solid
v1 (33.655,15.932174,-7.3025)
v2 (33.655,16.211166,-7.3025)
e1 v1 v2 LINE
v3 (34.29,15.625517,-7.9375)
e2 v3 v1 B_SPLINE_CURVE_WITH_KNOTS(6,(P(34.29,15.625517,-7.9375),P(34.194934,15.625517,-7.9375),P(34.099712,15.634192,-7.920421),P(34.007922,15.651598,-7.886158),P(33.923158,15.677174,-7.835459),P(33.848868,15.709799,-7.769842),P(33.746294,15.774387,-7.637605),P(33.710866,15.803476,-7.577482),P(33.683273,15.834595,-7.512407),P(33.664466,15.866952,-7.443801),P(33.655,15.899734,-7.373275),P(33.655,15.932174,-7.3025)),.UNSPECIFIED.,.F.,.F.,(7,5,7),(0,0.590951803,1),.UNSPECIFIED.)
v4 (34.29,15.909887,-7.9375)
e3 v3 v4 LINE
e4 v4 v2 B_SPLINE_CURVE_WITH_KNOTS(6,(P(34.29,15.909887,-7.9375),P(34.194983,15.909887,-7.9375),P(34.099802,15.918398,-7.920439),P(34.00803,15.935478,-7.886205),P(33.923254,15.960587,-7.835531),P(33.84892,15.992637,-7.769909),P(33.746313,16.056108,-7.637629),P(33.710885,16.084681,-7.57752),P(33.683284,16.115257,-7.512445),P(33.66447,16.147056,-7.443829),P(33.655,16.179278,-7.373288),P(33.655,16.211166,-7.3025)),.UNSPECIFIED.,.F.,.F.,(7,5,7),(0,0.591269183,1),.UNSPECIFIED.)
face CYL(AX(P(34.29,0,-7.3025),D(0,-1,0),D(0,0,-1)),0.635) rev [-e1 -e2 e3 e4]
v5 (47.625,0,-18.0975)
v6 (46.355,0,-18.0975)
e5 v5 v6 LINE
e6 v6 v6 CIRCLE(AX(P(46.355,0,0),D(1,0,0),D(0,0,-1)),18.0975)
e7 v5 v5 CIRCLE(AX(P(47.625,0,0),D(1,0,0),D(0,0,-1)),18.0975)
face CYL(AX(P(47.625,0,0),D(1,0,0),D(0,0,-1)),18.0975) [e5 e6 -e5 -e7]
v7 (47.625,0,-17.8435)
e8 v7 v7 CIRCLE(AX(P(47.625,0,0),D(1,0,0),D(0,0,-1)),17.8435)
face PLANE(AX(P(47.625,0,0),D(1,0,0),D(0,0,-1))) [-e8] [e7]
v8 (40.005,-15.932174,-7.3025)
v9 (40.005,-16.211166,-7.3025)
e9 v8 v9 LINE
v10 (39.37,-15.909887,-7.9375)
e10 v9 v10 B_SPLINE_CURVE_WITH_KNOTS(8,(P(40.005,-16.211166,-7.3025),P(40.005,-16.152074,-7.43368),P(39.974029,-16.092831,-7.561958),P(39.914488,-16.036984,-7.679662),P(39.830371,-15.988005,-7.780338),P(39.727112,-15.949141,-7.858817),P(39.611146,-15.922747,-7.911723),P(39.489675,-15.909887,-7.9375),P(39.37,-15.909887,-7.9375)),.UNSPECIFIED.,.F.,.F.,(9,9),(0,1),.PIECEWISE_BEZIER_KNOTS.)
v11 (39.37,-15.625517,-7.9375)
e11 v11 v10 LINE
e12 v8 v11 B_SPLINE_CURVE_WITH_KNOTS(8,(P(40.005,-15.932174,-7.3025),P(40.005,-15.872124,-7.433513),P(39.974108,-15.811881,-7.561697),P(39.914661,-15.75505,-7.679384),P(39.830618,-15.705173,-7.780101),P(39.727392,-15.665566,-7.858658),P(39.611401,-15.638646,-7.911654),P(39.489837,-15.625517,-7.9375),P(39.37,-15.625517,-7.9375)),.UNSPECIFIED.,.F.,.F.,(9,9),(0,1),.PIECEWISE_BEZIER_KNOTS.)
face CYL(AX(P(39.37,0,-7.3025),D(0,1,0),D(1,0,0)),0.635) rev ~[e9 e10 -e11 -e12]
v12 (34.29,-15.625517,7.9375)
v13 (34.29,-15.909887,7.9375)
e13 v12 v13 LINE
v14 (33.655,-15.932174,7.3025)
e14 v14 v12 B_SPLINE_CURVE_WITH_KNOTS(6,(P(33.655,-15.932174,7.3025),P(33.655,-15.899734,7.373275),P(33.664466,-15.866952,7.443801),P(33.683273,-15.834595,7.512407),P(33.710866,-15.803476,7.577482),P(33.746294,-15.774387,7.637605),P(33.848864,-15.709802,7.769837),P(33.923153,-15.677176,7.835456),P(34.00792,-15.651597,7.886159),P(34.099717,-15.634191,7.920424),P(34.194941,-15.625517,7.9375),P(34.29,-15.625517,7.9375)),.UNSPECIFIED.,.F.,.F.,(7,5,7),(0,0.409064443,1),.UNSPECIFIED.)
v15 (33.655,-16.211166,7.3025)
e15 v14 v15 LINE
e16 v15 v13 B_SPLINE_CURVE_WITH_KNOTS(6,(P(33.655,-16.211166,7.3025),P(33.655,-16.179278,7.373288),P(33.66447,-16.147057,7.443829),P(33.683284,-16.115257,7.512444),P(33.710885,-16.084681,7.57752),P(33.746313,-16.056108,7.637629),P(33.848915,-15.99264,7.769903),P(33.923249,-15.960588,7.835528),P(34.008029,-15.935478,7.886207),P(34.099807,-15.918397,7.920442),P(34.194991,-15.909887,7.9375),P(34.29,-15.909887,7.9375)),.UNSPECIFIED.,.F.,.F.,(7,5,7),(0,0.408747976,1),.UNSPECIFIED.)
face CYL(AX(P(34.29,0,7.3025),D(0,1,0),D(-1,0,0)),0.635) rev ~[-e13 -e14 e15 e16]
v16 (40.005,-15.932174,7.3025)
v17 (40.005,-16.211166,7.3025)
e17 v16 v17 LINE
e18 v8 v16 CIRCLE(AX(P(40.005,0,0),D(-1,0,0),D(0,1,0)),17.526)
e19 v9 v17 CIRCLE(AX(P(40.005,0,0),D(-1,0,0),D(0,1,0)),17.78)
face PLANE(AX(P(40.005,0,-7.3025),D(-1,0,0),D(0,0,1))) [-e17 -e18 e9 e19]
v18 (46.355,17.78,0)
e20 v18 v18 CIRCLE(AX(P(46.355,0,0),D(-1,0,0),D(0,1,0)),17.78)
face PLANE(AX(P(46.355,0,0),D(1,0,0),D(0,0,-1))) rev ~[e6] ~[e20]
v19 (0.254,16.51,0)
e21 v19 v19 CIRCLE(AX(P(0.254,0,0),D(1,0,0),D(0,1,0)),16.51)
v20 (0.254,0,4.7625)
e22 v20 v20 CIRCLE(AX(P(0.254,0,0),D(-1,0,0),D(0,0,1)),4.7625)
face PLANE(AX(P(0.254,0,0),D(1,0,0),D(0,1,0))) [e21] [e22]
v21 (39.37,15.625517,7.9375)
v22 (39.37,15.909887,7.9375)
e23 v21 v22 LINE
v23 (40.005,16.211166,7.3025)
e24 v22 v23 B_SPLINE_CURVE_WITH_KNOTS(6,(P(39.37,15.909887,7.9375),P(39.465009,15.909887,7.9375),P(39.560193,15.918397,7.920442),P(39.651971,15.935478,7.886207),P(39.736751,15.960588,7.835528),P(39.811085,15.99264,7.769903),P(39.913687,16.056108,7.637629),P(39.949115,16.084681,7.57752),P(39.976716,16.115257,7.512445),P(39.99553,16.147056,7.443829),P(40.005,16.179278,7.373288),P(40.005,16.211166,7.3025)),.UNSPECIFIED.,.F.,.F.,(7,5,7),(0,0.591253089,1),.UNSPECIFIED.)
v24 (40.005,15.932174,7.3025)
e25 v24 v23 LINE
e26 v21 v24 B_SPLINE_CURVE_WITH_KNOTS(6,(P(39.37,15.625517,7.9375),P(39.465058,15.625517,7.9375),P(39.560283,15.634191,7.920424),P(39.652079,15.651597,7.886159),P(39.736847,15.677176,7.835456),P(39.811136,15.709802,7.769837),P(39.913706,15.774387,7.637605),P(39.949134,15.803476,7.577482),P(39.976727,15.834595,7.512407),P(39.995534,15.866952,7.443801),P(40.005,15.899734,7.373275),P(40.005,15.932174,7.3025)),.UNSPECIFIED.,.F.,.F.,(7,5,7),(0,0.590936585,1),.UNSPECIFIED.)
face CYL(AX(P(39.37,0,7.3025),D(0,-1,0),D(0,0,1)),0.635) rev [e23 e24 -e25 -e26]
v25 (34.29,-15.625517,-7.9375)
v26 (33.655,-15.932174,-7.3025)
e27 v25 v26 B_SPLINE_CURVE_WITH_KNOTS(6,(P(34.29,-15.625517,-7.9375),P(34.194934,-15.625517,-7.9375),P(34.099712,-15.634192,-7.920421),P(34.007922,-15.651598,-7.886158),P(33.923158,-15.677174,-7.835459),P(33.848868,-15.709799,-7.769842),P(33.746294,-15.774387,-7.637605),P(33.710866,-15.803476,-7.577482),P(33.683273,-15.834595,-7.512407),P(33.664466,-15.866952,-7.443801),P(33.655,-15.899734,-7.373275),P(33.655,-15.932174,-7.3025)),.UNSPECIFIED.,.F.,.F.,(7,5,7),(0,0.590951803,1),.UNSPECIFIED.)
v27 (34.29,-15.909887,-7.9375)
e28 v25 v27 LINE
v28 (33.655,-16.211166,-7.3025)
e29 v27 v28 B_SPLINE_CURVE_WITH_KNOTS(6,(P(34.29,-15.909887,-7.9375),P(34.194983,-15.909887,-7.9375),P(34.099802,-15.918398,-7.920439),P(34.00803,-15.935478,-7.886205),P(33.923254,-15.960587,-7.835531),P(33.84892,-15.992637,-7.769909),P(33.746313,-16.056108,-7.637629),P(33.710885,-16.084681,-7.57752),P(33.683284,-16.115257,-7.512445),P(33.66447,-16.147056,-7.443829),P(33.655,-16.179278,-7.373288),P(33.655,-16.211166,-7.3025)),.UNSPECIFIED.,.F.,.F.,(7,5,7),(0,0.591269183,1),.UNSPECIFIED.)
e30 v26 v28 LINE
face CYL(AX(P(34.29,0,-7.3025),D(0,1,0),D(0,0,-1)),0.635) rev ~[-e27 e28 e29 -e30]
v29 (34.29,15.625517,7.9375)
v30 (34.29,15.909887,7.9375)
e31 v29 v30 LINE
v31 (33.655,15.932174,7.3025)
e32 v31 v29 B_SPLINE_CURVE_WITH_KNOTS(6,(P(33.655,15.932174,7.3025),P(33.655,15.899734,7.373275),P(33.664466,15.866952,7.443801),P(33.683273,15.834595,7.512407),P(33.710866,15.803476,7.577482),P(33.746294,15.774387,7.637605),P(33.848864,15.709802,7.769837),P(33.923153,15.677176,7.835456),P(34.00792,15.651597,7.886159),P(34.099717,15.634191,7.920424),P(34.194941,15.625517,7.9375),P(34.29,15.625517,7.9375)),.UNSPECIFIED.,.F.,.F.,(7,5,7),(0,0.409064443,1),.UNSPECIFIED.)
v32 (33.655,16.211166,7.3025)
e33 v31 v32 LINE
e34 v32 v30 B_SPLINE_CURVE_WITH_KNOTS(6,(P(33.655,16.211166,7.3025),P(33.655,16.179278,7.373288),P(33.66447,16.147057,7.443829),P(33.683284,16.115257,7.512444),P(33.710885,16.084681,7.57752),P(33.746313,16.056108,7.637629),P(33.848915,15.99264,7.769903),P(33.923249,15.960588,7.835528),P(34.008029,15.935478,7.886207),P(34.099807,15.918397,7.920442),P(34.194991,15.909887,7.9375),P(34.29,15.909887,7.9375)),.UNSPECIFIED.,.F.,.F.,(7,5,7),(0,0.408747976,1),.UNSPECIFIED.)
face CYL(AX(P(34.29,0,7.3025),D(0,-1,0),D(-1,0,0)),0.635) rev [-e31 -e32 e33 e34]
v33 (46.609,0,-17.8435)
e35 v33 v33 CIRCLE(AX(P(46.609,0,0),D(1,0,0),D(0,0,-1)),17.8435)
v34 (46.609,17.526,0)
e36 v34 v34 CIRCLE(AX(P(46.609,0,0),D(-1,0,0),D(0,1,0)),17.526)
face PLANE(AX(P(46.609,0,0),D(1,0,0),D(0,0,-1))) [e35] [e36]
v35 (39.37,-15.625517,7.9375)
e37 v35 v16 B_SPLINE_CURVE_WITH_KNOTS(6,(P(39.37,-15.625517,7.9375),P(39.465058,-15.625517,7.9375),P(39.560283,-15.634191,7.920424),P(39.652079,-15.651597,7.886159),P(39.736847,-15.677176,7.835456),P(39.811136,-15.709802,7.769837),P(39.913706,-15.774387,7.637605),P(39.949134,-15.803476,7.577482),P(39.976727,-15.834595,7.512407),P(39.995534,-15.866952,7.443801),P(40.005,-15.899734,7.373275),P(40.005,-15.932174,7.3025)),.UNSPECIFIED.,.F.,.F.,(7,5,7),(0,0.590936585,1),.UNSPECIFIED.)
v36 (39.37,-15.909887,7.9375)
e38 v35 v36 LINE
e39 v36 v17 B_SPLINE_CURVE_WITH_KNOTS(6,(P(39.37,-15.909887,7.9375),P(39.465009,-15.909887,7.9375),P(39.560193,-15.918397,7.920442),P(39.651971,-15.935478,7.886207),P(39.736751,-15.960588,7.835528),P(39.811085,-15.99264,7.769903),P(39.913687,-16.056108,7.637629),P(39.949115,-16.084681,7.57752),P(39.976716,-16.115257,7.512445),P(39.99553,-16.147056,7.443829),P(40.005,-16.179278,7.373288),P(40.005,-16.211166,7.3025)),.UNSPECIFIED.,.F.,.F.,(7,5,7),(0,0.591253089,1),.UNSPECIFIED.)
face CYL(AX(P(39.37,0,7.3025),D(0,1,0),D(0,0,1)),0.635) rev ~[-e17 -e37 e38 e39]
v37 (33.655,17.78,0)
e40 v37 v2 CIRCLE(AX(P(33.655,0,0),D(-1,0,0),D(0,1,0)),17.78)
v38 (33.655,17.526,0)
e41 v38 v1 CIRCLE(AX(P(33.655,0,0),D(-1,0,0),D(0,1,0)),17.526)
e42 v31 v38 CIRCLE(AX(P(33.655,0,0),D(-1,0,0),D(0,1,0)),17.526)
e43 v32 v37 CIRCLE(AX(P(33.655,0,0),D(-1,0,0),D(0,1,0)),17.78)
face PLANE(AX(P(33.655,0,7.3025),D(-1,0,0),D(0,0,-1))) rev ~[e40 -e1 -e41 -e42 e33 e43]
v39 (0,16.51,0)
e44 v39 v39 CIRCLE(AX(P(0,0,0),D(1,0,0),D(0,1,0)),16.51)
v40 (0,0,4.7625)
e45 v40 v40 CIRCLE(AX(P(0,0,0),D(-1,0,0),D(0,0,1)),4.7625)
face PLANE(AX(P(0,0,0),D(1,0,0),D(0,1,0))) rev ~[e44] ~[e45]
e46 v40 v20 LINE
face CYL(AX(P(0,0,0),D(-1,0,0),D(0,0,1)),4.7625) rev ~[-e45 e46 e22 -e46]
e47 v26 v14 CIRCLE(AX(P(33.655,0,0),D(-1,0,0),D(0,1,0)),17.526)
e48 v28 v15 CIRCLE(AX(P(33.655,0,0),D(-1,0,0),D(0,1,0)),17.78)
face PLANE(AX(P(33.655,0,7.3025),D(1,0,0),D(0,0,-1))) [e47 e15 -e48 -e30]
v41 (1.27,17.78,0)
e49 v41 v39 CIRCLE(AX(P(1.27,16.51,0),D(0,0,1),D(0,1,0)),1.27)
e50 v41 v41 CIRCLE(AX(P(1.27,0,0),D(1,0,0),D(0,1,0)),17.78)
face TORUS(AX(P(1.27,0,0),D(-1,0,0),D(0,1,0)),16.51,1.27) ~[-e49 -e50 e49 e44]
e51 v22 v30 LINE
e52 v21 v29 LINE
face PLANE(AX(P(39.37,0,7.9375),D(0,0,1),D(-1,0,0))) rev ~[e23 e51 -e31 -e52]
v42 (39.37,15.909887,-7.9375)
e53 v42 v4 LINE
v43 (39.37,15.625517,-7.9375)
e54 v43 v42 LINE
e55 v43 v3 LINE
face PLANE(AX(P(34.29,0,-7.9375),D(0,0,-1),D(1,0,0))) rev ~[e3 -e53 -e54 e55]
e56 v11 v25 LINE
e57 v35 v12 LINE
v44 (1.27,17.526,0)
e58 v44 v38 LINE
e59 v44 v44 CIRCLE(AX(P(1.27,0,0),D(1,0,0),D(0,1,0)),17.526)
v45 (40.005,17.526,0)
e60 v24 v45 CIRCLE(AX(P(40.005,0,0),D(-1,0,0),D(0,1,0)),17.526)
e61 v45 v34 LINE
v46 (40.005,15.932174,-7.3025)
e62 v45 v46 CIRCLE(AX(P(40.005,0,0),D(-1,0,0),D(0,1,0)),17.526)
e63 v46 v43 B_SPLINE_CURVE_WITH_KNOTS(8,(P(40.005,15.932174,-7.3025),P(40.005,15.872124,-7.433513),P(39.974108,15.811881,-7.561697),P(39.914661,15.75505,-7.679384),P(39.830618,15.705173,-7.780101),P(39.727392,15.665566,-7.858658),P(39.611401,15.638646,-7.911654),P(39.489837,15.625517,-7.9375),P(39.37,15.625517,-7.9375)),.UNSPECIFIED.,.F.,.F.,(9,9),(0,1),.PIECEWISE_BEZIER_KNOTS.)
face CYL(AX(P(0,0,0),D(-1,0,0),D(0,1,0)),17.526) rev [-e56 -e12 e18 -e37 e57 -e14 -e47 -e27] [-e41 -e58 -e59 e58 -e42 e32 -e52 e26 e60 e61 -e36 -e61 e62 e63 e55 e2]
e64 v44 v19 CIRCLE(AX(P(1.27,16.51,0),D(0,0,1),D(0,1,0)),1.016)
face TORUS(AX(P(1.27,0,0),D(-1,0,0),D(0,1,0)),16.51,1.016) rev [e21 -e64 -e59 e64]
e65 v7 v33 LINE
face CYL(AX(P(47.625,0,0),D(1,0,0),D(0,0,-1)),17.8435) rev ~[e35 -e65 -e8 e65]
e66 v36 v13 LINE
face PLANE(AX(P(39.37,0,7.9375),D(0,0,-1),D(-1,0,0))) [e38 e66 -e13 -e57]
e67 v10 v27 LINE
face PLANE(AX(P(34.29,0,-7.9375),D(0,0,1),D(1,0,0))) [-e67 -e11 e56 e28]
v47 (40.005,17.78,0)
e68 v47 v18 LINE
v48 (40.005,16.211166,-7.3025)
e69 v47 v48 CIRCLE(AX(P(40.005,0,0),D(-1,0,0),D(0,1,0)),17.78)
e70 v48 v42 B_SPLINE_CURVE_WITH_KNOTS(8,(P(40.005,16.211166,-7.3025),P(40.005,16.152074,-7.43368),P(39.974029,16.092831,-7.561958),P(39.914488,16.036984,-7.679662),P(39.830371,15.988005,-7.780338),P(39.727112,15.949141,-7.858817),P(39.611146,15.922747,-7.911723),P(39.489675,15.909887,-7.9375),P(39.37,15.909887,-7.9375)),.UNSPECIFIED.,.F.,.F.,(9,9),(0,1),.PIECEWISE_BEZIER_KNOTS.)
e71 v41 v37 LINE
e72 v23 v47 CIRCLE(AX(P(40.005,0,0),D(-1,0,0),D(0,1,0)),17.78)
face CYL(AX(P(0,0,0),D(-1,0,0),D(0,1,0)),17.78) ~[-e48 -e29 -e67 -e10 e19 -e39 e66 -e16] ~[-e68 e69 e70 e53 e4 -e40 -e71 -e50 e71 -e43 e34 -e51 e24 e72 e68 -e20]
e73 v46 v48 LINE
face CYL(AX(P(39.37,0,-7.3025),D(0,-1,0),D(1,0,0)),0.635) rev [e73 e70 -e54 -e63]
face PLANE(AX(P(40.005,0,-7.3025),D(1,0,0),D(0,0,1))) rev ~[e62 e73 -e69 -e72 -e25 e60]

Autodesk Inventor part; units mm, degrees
ref_plane "YZ Plane" through (0, 0, 0) normal (1, 0, 0) x (0, 1, 0)
ref_plane "XZ Plane" through (0, 0, 0) normal (0, 1, 0) x (-1, 0, 0)
ref_plane "XY Plane" through (0, 0, 0) normal (0, 0, 1) x (1, 0, 0)
sketch "Sketch1" plane through (0, 0, 0) normal (1, 0, 0) x (0, 1, 0)
  circle A0 centre (0, 0) radius 17.78
  dimension "d0" = 35.56
extrude "Extrusion1" add sketch "Sketch1" along normal blind 47.625
fillet "Fillet1" radius 1.27 1 edges at (0, -17.78, 0)
sketch "Sketch2" plane through (0, 0, 0) normal (0, 1, 0) x (-1, 0, 0)
  line L0 (-34.29, -7.9375) -> (-39.37, -7.9375)
  line L1 (-40.005, -7.3025) -> (-40.005, 7.3025)
  line L2 (-39.37, 7.9375) -> (-34.29, 7.9375)
  line L3 (-33.655, 7.3025) -> (-33.655, -7.3025)
  line L4 (-47.625, 17.78) -> (-47.625, -17.78) projected
  arc A0 (-40.005, -7.3025) -> (-39.37, -7.9375) centre (-39.37, -7.3025) ccw
  arc A1 (-34.29, -7.9375) -> (-33.655, -7.3025) centre (-34.29, -7.3025) ccw
  arc A2 (-33.655, 7.3025) -> (-34.29, 7.9375) centre (-34.29, 7.3025) ccw
  arc A3 (-39.37, 7.9375) -> (-40.005, 7.3025) centre (-39.37, 7.3025) ccw
  point P0 (0, 0)
  point P1 (-33.655, -7.9375)
  point P2 (-40.005, 7.9375)
  point P3 (-40.005, -7.9375)
  point P4 (-33.655, 7.9375)
  dimension "d4" = 15.875
  dimension "d5" = 6.35
  dimension "d6" = 7.62
  dimension "d7" = 9.8425
  dimension "d14" = 0.635
sketch "Sketch3" plane through (47.625, 0, 0) normal (1, 0, 0) x (0, 0, -1)
  circle A0 centre (0, 0) radius 18.0975
  dimension "d11" = 36.195
extrude "Extrusion3" add sketch "Sketch3" against normal blind 1.27
shell "Shell2" thickness 0.254 removed faces 1 at (47.625, -0.1965, 3.481)
extrude "Extrusion2" cut sketch "Sketch2" along normal up to next
sketch "Sketch4" plane through (0, 0, 0) normal (-1, 0, 0) x (0, 0, 1)
  circle A0 centre (0, 0) radius 4.7625
  dimension "d16" = 9.525
extrude "Extrusion4" cut sketch "Sketch4" against normal up to next
extrude "Extrusion5" cut sketch "Sketch2" against normal up to next
properties part number "Motor-Casing"
